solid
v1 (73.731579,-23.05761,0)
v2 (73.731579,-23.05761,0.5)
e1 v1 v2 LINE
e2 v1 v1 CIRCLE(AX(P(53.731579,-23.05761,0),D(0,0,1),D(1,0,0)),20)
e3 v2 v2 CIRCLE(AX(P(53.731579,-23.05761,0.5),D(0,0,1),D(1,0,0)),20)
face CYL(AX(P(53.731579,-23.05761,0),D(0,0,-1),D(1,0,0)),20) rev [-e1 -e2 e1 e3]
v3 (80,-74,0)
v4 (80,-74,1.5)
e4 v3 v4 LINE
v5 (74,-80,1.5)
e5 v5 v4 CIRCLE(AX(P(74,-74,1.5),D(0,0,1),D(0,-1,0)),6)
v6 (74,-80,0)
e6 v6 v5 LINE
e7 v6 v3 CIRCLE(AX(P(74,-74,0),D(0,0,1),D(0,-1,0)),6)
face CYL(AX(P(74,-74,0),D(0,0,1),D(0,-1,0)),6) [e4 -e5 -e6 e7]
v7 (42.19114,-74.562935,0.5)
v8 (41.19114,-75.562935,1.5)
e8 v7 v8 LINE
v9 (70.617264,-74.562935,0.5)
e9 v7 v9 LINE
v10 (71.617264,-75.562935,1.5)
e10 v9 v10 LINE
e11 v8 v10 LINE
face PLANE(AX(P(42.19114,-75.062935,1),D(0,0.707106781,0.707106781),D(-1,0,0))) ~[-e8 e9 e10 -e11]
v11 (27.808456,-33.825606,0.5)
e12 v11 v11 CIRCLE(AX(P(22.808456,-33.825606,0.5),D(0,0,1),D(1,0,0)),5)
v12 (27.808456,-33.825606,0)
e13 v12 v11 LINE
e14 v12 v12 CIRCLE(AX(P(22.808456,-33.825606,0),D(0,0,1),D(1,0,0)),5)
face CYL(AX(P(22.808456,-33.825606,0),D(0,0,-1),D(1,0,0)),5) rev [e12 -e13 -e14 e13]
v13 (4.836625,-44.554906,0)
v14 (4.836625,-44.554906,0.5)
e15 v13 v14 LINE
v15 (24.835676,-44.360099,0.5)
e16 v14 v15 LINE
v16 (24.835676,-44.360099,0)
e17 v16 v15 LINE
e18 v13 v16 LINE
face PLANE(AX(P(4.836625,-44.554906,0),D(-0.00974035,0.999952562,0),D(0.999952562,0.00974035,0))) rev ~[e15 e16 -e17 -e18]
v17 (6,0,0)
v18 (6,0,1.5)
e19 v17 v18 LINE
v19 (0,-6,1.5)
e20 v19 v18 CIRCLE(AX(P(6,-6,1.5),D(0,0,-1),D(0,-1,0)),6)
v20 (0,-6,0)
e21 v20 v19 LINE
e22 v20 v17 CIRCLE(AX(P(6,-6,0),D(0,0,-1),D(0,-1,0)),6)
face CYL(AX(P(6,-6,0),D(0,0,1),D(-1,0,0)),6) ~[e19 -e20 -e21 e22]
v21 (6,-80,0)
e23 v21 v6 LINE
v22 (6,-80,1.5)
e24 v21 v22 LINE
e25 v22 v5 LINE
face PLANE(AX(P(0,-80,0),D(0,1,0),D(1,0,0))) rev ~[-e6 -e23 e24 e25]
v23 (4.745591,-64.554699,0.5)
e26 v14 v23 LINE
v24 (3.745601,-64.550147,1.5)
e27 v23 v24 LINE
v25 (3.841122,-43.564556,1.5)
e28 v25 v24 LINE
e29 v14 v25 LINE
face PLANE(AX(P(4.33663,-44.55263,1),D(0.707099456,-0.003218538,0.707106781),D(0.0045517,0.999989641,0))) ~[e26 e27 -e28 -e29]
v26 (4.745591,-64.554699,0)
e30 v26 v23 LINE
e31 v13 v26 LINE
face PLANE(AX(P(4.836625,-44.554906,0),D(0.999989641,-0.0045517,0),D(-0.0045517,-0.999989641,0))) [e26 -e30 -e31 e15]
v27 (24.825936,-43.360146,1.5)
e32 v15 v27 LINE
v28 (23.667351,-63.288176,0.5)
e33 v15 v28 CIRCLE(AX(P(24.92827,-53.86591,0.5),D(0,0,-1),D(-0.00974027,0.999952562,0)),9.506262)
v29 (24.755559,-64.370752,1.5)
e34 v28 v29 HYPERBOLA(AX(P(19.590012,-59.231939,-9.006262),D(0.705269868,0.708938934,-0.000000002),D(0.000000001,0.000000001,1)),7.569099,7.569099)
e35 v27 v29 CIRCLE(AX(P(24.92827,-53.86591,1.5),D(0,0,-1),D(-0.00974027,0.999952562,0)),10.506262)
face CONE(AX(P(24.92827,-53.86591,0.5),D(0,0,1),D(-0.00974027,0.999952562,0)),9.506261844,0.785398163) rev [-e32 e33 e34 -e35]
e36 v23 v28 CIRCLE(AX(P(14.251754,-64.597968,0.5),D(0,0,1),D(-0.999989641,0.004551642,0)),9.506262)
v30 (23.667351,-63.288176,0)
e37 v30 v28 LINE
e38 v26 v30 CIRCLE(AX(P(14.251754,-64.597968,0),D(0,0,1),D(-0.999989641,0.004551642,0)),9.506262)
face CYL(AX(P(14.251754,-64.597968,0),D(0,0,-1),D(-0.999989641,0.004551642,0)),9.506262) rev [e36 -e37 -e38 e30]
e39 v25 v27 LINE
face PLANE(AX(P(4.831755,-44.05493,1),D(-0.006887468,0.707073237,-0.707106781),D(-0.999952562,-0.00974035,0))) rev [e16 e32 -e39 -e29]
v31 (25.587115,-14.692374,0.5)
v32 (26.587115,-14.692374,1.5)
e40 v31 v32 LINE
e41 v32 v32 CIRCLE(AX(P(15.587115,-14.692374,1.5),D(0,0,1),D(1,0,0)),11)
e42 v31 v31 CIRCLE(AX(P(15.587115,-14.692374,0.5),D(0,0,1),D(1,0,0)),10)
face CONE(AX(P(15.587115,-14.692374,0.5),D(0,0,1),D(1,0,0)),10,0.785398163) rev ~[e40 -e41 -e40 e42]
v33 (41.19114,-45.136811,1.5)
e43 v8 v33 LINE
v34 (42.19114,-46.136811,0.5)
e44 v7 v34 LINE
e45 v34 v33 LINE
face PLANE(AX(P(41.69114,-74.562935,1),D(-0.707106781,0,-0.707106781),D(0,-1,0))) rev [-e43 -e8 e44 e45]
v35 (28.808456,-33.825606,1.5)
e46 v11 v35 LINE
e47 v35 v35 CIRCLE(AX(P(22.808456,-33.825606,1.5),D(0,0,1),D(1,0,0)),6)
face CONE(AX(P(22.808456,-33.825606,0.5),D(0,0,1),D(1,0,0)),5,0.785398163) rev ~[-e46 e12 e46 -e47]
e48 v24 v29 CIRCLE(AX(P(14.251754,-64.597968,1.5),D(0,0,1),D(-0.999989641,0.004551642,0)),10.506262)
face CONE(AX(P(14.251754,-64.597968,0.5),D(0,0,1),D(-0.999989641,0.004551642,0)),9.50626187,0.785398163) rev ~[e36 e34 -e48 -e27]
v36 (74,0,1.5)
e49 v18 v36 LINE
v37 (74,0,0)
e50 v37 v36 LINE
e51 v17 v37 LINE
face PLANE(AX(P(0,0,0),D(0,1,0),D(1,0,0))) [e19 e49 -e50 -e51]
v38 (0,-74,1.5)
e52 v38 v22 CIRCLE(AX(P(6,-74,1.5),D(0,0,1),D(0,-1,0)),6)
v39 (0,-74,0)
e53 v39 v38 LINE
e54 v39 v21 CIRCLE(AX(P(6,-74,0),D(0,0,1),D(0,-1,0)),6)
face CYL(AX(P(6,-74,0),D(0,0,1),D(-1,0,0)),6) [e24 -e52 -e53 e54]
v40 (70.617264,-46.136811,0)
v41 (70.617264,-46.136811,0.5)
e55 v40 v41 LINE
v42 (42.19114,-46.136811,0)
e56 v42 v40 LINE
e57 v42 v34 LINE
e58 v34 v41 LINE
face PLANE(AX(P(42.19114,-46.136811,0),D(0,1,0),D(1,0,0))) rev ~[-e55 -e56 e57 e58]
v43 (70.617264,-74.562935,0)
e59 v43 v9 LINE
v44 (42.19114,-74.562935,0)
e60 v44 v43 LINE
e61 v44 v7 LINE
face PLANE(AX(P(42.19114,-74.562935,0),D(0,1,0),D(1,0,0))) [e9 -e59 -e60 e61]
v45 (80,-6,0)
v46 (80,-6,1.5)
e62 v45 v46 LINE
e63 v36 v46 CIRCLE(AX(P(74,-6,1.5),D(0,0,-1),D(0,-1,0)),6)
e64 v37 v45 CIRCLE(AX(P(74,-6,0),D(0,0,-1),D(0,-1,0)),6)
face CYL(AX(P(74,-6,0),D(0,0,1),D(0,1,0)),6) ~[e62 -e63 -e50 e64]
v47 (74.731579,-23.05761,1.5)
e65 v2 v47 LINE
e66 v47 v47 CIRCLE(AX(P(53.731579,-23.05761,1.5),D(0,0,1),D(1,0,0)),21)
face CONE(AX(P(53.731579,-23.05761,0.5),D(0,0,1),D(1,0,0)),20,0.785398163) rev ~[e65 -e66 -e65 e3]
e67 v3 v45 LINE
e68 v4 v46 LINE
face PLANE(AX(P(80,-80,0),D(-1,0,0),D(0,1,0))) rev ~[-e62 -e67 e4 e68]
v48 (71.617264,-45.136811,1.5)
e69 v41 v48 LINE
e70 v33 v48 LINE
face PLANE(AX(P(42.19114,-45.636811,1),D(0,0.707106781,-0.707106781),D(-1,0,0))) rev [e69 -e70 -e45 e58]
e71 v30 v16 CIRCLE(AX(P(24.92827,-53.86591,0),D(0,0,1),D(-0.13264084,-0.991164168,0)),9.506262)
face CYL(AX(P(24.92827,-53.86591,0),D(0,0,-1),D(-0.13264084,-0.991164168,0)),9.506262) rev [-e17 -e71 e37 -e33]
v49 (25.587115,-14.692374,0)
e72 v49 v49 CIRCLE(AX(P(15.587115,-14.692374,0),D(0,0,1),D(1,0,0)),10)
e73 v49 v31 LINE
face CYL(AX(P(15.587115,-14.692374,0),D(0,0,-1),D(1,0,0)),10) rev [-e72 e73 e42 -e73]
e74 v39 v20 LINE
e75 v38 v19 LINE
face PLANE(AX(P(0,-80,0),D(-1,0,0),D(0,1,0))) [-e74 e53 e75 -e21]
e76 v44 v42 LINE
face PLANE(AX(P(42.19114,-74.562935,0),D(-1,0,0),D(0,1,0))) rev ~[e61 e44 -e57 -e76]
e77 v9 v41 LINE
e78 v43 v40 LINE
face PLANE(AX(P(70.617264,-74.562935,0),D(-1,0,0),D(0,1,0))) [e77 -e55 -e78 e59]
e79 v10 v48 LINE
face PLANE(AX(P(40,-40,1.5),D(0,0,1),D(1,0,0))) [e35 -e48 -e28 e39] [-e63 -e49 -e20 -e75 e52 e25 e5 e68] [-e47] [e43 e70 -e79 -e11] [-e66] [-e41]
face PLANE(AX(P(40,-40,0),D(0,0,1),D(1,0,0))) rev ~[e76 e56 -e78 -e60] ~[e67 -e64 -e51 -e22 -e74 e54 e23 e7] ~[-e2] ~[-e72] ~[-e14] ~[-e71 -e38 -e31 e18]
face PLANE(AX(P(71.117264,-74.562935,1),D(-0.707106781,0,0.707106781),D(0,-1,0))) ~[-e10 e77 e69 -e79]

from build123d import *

# Parameters (mm, degrees)
SKETCH_W     = 80
SKETCH_H     = 80
SKETCH_R     = 5
SKETCH_R_2   = 10
SKETCH_R_3   = 20
SKETCH_W_2   = 28.426124
SKETCH_H_2   = 28.426124
PAD_DEPTH    = 1.5
CHAMFER_SIZE = 1
FILLET_R     = 6


with BuildPart() as part:
    # Sketch → Pad (new body)
    with BuildSketch(Plane.XY):
        with Locations((40, -40)):
            Rectangle(SKETCH_W, SKETCH_H)
        with Locations((22.808456, -33.825606)):
            Circle(SKETCH_R, mode=Mode.SUBTRACT)
        with Locations((15.587115, -14.692374)):
            Circle(SKETCH_R_2, mode=Mode.SUBTRACT)
        with Locations((53.731579, -23.05761)):
            Circle(SKETCH_R_3, mode=Mode.SUBTRACT)
        with BuildLine():
            Line((4.836625, -44.554906), (24.835676, -44.360099))
            ThreePointArc((23.667351, -63.288176), (34.416474, -54.451564), (24.835676, -44.360099))
            ThreePointArc((4.745591, -64.554699), (14.886633, -74.083006), (23.667351, -63.288176))
            Line((4.836625, -44.554906), (4.745591, -64.554699))
        make_face(mode=Mode.SUBTRACT)
        with Locations((56.404202, -60.349873)):
            Rectangle(SKETCH_W_2, SKETCH_H_2, mode=Mode.SUBTRACT)
    extrude(amount=PAD_DEPTH)

    # Chamfer
    chamfer_edges = [part.edges().sort_by_distance(p)[0] for p in [
        (42.19114, -60.349873, 1.5),
        (56.404202, -46.136811, 1.5),
        (70.617264, -60.349873, 1.5),
        (56.404202, -74.562935, 1.5),
        (4.791108, -54.554802, 1.5),
        (14.83615, -44.457503, 1.5),
        (14.886633, -74.083006, 1.5),
        (34.416474, -54.451564, 1.5),
        (33.731579, -23.05761, 1.5),
        (17.808456, -33.825606, 1.5),
        (5.587115, -14.692374, 1.5),
    ]]
    chamfer(chamfer_edges, length=CHAMFER_SIZE)

    # Fillet
    fillet_edges = [part.edges().sort_by_distance(p)[0] for p in [
        (80, 0, 0.75),
        (80, -80, 0.75),
        (0, -80, 0.75),
        (0, 0, 0.75),
    ]]
    fillet(fillet_edges, radius=FILLET_R)


solid = part.part
